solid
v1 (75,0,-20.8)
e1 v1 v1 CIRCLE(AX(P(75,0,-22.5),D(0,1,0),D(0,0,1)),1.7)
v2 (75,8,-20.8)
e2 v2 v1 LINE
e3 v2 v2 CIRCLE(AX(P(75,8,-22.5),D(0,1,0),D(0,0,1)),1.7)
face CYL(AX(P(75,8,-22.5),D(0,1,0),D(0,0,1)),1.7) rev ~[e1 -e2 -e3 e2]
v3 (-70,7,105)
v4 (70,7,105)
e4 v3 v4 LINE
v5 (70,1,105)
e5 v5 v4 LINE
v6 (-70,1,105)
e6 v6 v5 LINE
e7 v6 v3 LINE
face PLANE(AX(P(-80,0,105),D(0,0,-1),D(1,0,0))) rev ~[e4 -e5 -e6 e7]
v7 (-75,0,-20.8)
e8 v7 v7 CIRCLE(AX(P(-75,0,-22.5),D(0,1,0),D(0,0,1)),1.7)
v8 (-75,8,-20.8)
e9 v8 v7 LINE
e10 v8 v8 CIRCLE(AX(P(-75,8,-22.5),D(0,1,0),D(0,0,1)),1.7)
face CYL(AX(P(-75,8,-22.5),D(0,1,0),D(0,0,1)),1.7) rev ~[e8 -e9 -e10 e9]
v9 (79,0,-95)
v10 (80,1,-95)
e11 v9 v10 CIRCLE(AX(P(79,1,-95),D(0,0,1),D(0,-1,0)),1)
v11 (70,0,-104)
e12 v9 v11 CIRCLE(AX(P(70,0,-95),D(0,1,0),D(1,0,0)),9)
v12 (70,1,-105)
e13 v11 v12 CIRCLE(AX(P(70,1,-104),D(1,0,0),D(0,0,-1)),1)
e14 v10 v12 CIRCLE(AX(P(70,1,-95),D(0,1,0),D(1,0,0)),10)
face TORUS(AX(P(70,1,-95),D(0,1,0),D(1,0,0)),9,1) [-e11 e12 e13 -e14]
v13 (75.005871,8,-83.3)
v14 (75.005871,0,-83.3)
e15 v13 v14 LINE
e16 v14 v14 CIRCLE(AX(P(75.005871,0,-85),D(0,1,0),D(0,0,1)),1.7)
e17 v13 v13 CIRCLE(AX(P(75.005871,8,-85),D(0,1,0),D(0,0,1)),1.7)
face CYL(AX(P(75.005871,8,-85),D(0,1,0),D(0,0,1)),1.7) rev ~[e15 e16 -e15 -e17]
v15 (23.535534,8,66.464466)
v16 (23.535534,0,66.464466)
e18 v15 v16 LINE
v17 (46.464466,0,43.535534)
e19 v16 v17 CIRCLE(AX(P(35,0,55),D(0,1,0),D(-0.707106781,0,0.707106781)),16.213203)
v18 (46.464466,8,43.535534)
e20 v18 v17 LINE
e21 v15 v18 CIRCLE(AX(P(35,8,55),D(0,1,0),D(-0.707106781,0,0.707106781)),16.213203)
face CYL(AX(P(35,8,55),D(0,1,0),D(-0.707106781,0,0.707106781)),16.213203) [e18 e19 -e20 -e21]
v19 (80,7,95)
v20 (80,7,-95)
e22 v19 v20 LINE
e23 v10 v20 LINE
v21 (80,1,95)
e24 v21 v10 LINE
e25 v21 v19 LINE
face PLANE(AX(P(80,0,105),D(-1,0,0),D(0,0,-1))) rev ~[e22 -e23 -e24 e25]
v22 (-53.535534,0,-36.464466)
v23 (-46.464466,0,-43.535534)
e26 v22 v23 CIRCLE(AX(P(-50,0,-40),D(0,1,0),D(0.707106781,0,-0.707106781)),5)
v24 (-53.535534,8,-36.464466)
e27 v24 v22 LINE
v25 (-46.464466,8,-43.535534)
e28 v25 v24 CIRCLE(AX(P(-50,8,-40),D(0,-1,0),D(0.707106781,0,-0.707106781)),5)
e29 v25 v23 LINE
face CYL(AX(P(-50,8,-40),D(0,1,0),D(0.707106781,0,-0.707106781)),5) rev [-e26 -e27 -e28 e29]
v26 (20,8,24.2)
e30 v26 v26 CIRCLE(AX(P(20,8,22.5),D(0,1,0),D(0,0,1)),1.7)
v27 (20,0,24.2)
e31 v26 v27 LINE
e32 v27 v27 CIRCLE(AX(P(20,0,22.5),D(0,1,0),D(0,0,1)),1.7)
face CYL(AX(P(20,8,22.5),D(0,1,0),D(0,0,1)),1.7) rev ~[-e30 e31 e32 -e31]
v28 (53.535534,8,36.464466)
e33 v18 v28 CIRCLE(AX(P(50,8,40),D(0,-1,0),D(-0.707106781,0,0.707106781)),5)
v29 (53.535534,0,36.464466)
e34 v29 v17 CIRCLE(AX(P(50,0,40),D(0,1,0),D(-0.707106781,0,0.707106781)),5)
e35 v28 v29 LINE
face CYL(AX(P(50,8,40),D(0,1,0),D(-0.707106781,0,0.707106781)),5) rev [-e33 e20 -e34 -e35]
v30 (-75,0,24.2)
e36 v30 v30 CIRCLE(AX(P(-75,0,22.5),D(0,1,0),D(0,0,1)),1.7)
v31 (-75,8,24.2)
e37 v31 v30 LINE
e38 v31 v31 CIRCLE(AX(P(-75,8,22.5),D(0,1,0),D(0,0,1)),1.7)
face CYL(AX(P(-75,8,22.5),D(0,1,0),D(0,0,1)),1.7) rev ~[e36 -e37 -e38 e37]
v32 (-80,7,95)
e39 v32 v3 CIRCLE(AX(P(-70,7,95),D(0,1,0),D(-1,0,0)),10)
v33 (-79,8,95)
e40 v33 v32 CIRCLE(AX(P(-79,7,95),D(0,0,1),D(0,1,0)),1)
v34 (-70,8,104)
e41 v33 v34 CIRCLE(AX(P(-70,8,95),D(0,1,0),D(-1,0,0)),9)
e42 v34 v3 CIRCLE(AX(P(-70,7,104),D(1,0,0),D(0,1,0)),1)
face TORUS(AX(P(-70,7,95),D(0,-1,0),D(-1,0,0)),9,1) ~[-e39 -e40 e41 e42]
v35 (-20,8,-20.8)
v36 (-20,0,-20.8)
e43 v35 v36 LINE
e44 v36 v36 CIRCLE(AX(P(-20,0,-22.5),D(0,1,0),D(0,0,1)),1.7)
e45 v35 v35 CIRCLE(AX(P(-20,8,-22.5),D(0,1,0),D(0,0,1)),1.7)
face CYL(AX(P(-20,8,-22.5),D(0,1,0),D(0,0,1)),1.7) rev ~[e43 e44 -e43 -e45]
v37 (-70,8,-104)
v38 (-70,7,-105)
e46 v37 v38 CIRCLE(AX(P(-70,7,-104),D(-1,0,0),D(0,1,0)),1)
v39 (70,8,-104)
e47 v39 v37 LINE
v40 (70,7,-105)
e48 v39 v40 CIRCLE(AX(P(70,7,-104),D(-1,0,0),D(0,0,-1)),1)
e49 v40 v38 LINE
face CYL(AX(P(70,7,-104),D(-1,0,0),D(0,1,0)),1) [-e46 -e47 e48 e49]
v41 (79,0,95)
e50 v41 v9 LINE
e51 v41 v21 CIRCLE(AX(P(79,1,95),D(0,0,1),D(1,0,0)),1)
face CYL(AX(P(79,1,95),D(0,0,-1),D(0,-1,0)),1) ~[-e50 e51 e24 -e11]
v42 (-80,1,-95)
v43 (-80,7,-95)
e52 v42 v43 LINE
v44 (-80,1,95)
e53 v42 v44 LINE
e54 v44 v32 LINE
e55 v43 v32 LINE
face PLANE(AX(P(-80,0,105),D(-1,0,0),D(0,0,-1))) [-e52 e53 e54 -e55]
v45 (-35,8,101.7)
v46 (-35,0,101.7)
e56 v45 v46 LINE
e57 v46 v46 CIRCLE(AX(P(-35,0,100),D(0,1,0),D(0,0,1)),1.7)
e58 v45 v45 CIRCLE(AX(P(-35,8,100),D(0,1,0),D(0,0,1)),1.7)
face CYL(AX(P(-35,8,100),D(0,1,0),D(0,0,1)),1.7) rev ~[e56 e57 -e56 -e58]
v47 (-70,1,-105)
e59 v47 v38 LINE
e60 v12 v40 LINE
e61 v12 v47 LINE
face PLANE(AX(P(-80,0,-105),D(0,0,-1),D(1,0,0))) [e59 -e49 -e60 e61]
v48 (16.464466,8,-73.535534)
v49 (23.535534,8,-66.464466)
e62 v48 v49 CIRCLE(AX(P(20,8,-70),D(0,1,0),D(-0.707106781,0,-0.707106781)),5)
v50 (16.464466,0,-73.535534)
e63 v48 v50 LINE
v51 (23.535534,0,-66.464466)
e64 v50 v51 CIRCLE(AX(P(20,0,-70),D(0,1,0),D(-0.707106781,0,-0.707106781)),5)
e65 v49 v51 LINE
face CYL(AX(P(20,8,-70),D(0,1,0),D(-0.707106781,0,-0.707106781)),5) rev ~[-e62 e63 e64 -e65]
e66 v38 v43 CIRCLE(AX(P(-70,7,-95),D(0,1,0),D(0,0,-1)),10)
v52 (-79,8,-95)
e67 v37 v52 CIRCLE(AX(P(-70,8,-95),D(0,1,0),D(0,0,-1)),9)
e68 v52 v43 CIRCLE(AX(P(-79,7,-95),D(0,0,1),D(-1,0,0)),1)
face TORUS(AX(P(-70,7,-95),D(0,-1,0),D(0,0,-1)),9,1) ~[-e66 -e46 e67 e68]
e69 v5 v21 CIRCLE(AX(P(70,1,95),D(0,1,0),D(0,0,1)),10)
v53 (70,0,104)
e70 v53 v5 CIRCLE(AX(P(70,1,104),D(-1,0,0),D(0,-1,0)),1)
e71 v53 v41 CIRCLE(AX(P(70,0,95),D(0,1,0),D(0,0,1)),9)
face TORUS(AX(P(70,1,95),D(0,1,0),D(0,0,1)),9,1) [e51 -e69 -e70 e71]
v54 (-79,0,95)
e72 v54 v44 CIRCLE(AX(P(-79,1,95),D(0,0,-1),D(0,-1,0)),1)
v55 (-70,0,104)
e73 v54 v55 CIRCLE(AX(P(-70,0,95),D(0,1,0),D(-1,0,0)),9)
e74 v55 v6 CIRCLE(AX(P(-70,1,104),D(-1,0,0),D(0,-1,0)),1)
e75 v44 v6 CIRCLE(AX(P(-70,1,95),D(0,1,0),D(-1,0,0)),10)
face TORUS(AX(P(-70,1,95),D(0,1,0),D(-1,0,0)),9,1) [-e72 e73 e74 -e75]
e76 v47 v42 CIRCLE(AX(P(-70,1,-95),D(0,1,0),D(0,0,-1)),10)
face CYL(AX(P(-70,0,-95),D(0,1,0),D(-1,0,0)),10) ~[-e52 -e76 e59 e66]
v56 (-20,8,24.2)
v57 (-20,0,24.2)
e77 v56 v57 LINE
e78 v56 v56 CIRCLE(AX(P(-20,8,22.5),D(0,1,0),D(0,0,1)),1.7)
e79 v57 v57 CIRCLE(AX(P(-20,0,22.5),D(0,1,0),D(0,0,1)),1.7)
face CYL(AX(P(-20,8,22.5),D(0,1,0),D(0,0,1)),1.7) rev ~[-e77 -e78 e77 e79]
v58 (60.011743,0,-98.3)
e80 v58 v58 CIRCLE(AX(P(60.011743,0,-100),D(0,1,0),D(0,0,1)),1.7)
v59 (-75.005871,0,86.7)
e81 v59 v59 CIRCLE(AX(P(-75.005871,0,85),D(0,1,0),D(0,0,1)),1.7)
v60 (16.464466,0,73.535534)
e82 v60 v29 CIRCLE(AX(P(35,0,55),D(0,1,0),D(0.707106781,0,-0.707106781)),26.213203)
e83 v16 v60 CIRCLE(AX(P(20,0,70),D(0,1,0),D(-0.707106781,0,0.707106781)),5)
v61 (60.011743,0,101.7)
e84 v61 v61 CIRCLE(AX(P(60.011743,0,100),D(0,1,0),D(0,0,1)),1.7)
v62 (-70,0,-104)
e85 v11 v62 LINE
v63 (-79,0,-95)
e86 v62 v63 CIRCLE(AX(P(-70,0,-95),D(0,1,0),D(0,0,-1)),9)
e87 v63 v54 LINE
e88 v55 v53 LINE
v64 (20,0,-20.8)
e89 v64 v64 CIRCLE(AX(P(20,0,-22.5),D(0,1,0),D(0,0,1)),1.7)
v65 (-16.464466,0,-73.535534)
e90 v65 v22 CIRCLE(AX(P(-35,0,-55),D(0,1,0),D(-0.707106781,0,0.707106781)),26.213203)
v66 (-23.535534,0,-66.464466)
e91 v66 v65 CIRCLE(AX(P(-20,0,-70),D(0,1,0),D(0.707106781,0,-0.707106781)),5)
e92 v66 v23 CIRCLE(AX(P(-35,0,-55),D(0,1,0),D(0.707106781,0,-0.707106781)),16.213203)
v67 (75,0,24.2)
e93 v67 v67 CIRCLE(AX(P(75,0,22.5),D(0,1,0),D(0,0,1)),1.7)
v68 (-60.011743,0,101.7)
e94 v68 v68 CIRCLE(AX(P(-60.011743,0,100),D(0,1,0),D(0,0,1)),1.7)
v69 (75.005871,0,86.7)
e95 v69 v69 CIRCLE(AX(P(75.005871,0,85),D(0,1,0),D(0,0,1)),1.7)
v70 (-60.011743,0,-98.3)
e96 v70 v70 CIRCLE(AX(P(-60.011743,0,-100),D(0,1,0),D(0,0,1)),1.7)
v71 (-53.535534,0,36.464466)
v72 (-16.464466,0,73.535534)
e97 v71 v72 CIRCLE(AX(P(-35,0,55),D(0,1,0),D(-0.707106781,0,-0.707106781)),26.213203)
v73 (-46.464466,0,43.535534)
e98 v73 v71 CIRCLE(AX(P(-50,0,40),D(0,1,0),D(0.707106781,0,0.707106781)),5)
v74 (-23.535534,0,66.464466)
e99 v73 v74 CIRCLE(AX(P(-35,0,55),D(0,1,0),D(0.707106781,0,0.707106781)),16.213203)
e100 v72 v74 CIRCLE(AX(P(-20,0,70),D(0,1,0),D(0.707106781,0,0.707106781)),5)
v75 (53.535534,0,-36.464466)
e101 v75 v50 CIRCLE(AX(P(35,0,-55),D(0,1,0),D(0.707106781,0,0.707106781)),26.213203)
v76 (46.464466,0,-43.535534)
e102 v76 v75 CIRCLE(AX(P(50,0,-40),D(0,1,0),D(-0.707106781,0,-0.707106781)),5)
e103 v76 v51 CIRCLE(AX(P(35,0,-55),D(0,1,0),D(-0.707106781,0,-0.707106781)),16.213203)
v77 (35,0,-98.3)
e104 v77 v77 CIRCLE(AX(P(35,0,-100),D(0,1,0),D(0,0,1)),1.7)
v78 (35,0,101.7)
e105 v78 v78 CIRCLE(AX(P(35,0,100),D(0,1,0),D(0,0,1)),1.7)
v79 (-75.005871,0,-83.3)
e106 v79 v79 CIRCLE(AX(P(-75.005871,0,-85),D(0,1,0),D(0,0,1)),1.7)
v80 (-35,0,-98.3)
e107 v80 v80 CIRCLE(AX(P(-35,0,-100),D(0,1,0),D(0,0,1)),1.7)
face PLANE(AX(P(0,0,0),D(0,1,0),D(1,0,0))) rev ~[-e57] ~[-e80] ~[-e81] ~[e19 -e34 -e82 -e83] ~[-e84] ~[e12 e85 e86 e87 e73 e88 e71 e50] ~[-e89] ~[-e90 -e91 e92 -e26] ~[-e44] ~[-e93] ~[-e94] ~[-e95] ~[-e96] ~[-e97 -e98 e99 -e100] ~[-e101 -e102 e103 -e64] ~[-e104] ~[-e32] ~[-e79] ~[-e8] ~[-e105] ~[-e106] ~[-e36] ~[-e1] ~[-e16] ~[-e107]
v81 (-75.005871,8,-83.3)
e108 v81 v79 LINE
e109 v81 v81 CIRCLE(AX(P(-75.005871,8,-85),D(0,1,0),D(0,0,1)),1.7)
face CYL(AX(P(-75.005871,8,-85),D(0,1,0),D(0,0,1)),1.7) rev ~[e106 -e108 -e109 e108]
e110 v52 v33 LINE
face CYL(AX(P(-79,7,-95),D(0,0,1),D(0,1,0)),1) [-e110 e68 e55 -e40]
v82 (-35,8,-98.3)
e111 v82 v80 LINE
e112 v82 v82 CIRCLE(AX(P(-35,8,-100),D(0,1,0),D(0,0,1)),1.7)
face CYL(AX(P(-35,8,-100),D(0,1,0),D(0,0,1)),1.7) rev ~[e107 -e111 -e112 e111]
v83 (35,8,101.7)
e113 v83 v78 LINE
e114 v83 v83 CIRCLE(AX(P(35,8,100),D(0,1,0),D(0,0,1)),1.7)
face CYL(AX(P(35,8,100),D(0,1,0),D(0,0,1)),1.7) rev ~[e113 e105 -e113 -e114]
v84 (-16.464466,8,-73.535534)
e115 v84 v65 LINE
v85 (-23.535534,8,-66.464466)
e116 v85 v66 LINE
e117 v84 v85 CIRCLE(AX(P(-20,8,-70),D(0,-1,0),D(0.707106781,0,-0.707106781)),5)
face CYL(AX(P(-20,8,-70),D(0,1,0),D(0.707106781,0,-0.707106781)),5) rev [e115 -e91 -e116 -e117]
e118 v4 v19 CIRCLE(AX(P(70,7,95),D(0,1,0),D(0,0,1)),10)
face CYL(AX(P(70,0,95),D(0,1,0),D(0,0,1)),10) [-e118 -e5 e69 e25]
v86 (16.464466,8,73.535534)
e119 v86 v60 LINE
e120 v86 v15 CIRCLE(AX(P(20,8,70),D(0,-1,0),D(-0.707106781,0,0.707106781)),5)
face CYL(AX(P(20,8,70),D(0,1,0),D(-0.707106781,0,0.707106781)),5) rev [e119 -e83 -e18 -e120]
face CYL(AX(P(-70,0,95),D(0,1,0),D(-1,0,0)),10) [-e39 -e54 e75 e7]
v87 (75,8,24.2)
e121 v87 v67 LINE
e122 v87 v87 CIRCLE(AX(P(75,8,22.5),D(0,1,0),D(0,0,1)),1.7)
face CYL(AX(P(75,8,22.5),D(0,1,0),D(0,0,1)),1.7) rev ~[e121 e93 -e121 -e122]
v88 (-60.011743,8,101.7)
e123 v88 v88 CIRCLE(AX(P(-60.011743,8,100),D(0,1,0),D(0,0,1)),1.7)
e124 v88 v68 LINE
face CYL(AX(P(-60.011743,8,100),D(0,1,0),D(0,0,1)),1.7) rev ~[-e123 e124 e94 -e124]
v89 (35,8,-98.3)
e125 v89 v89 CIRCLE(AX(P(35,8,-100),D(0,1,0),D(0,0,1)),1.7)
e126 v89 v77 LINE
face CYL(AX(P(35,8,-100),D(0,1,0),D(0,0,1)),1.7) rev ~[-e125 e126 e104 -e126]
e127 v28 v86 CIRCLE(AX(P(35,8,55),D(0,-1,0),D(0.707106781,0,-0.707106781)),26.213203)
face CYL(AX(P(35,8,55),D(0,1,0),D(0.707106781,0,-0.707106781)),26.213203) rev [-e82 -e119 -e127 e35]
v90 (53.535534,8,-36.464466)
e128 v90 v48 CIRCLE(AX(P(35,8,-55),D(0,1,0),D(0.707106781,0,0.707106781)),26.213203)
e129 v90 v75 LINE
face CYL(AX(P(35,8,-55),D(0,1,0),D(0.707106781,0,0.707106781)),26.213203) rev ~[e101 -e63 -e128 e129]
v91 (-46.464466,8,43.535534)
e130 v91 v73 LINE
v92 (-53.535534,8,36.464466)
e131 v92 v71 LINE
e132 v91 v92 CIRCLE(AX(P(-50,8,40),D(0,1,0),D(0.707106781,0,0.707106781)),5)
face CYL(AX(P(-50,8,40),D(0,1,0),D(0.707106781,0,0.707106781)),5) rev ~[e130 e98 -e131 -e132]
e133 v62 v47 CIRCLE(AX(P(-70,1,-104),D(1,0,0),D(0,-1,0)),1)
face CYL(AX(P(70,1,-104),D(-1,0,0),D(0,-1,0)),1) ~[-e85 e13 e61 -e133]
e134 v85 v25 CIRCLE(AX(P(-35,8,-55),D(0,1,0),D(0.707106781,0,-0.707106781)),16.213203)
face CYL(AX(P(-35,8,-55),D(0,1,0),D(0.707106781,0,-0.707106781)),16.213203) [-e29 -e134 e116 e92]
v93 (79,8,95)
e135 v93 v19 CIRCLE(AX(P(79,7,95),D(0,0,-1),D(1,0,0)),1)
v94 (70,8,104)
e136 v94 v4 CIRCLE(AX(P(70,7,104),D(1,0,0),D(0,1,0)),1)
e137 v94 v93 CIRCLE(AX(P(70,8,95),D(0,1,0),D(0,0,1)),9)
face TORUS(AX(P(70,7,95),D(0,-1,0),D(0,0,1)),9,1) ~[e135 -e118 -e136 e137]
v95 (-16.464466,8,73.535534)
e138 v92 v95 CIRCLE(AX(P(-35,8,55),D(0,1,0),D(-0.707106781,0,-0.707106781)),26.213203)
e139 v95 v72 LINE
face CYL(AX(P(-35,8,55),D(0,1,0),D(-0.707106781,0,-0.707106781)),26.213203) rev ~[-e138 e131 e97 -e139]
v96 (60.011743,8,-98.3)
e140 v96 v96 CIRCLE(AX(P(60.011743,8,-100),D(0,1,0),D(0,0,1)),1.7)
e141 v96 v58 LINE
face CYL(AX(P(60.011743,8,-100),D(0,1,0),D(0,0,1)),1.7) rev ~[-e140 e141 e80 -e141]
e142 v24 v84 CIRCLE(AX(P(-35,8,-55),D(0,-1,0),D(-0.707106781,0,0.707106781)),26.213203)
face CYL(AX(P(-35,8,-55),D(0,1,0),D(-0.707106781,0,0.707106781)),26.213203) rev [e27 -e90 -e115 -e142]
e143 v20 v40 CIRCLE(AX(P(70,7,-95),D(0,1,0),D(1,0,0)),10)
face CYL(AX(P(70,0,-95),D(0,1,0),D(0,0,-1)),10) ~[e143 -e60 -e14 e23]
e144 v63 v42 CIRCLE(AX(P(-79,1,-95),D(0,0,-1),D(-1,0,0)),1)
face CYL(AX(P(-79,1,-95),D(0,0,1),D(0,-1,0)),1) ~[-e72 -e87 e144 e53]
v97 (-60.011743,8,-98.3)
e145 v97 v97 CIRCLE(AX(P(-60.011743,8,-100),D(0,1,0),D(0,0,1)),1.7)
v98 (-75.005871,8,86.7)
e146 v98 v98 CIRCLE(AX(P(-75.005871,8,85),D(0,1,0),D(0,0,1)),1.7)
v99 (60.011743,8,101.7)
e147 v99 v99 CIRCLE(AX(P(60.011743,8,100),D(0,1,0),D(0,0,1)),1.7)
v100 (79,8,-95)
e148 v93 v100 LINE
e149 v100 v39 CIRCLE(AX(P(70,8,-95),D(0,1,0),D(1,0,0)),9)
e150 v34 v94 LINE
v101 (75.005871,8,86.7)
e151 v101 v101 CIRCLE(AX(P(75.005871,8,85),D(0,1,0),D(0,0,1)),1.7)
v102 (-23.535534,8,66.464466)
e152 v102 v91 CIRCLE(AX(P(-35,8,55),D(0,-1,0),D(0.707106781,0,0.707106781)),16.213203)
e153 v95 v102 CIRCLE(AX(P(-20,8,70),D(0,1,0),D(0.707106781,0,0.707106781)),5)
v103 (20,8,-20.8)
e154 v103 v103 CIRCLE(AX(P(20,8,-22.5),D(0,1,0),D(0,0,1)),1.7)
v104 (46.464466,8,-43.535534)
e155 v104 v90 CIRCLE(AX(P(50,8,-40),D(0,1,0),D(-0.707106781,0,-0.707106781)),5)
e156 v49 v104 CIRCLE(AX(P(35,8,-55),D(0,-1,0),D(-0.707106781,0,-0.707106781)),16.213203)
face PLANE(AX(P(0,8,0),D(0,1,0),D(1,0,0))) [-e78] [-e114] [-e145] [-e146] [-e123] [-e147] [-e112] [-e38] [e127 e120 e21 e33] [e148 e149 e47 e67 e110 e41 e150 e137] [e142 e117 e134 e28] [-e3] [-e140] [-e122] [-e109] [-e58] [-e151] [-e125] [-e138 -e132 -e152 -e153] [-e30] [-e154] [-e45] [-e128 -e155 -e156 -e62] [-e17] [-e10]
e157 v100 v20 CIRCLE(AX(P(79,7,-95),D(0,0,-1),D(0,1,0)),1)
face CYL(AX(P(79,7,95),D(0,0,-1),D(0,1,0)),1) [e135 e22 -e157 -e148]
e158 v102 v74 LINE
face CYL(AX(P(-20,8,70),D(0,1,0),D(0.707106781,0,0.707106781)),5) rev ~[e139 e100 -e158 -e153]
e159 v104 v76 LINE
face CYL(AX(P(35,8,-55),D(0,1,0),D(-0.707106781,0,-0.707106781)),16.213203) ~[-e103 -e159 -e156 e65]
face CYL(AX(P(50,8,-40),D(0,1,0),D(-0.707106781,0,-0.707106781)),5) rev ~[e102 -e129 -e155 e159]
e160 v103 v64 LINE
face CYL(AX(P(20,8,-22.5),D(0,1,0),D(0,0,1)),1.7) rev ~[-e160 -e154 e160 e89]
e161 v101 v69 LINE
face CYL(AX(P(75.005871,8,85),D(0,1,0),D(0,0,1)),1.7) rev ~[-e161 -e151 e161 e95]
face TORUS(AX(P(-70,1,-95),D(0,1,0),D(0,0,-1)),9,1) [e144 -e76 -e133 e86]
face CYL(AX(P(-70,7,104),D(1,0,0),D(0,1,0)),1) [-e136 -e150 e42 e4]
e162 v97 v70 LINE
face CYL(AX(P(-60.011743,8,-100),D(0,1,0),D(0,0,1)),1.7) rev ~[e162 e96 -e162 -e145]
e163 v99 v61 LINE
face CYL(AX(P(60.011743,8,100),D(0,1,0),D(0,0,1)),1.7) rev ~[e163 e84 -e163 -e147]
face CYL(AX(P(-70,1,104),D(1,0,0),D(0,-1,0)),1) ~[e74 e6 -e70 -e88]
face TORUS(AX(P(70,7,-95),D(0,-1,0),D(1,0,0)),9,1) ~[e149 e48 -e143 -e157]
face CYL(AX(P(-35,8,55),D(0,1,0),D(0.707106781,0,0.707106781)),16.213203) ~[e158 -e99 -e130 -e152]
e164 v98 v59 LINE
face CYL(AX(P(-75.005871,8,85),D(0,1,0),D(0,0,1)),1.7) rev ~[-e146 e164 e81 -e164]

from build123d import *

# Parameters (mm, degrees)
SKETCH1_W           = 160
SKETCH1_H           = 210
BOSS_EXTRUDE1_DEPTH = 8
SKETCH2_R           = 1.7
CUT_EXTRUDE1_DEPTH  = 37
FILLET1_R           = 10
SKETCH3_R           = 1.7
CUT_EXTRUDE2_DEPTH  = 480
SKETCH4_R           = 1.7
CUT_EXTRUDE3_DEPTH  = 480
SKETCH5_R           = 1.7
CUT_EXTRUDE4_DEPTH  = 480
FILLET2_R           = 1
CUT_EXTRUDE5_DEPTH  = 63


with BuildPart() as part:
    # Sketch1 → Boss-Extrude1 (new body)
    with BuildSketch(Plane(origin=(0, 0, 0), x_dir=(1, 0, 0), z_dir=(0, 1, 0))):
        Rectangle(SKETCH1_W, SKETCH1_H)
    extrude(amount=BOSS_EXTRUDE1_DEPTH)

    # Sketch2 → Cut-Extrude1 (cut)
    with BuildSketch(Plane(origin=(0, 8, 0), x_dir=(1, 0, 0), z_dir=(0, 1, 0))):
        with Locations(Location((-75, 22.5, 0), (0, 0, 270))):
            Circle(SKETCH2_R)
        with Locations(Location((-75, -22.5, 0), (0, 0, 270))):
            Circle(SKETCH2_R)
        with Locations(Location((75, 22.5, 0), (0, 0, 270))):
            Circle(SKETCH2_R)
        with Locations(Location((75, -22.5, 0), (0, 0, 270))):
            Circle(SKETCH2_R)
    extrude(amount=-CUT_EXTRUDE1_DEPTH, mode=Mode.SUBTRACT)

    # Fillet1
    fillet1_edges = [part.edges().sort_by_distance(p)[0] for p in [
        (80, 4, 105),
        (-80, 4, 105),
        (-80, 4, -105),
        (80, 4, -105),
    ]]
    fillet(fillet1_edges, radius=FILLET1_R)

    # Sketch3 → Cut-Extrude2 (cut)
    with BuildSketch(Plane(origin=(0, 8, 0), x_dir=(1, 0, 0), z_dir=(0, 1, 0))):
        with Locations(Location((-20, 22.5, 0), (0, 0, 270))):
            Circle(SKETCH3_R)
        with Locations(Location((-20, -22.5, 0), (0, 0, 270))):
            Circle(SKETCH3_R)
        with Locations(Location((20, -22.5, 0), (0, 0, 270))):
            Circle(SKETCH3_R)
        with Locations(Location((20, 22.5, 0), (0, 0, 270))):
            Circle(SKETCH3_R)
    extrude(amount=-CUT_EXTRUDE2_DEPTH, mode=Mode.SUBTRACT)

    # Sketch4 → Cut-Extrude3 (cut)
    with BuildSketch(Plane(origin=(0, 8, 0), x_dir=(1, 0, 0), z_dir=(0, 1, 0))):
        with Locations(Location((-75.005871396, 85, 0), (0, 0, 270))):
            Circle(SKETCH4_R)
        with Locations(Location((-60.011742792, 100, 0), (0, 0, 270))):
            Circle(SKETCH4_R)
        with Locations(Location((-75.005871396, -85, 0), (0, 0, 270))):
            Circle(SKETCH4_R)
        with Locations(Location((-60.011742792, -100, 0), (0, 0, 270))):
            Circle(SKETCH4_R)
        with Locations(Location((60.011742792, -100, 0), (0, 0, 270))):
            Circle(SKETCH4_R)
        with Locations(Location((75.005871396, -85, 0), (0, 0, 270))):
            Circle(SKETCH4_R)
        with Locations(Location((75.005871396, 85, 0), (0, 0, 270))):
            Circle(SKETCH4_R)
        with Locations(Location((60.011742792, 100, 0), (0, 0, 270))):
            Circle(SKETCH4_R)
    extrude(amount=-CUT_EXTRUDE3_DEPTH, mode=Mode.SUBTRACT)

    # Sketch5 → Cut-Extrude4 (cut)
    with BuildSketch(Plane(origin=(0, 8, 0), x_dir=(1, 0, 0), z_dir=(0, 1, 0))):
        with Locations(Location((35, -100, 0), (0, 0, 270))):
            Circle(SKETCH5_R)
        with Locations(Location((-35, -100, 0), (0, 0, 270))):
            Circle(SKETCH5_R)
        with Locations(Location((35, 100, 0), (0, 0, 270))):
            Circle(SKETCH5_R)
        with Locations(Location((-35, 100, 0), (0, 0, 270))):
            Circle(SKETCH5_R)
    extrude(amount=-CUT_EXTRUDE4_DEPTH, mode=Mode.SUBTRACT)

    # Fillet2
    fillet2_edges = [part.edges().sort_by_distance(p)[0] for p in [
        (0, 0, 105),
        (0, 8, 105),
        (80, 0, 0),
        (-80, 0, 0),
        (0, 0, -105),
        (-77.071067812, 0, -102.071067812),
        (77.071067812, 0, -102.071067812),
        (77.071067812, 0, 102.071067812),
        (-77.071067812, 0, 102.071067812),
        (-80, 8, 0),
        (80, 8, 0),
        (0, 8, -105),
        (-77.071067812, 8, -102.071067812),
        (77.071067812, 8, -102.071067812),
        (77.071067812, 8, 102.071067812),
        (-77.071067812, 8, 102.071067812),
    ]]
    fillet(fillet2_edges, radius=FILLET2_R)

    # Sketch6 → Cut-Extrude5 (cut)
    with BuildSketch(Plane(origin=(0, 8, 0), x_dir=(1, 0, 0), z_dir=(0, 1, 0))):
        with BuildLine():
            ThreePointArc((53.535533906, 36.464466094), (53.535533906, 73.535533906), (16.464466094, 73.535533906))
            ThreePointArc((16.464466094, 73.535533906), (16.464466094, 66.464466094), (23.535533906, 66.464466094))
            ThreePointArc((23.535533906, 66.464466094), (46.464466094, 66.464466094), (46.464466094, 43.535533906))
            ThreePointArc((46.464466094, 43.535533906), (46.464466094, 36.464466094), (53.535533906, 36.464466094))
        make_face()
        with BuildLine():
            ThreePointArc((-53.535533906, 36.464466094), (-53.535533906, 73.535533906), (-16.464466094, 73.535533906))
            ThreePointArc((-16.464466094, 73.535533906), (-16.464466094, 66.464466094), (-23.535533906, 66.464466094))
            ThreePointArc((-23.535533906, 66.464466094), (-46.464466094, 66.464466094), (-46.464466094, 43.535533906))
            ThreePointArc((-46.464466094, 43.535533906), (-46.464466094, 36.464466094), (-53.535533906, 36.464466094))
        make_face()
        with BuildLine():
            ThreePointArc((53.535533906, -36.464466094), (53.535533906, -73.535533906), (16.464466094, -73.535533906))
            ThreePointArc((16.464466094, -73.535533906), (16.464466094, -66.464466094), (23.535533906, -66.464466094))
            ThreePointArc((23.535533906, -66.464466094), (46.464466094, -66.464466094), (46.464466094, -43.535533906))
            ThreePointArc((46.464466094, -43.535533906), (46.464466094, -36.464466094), (53.535533906, -36.464466094))
        make_face()
        with BuildLine():
            ThreePointArc((-53.535533906, -36.464466094), (-53.535533906, -73.535533906), (-16.464466094, -73.535533906))
            ThreePointArc((-16.464466094, -73.535533906), (-16.464466094, -66.464466094), (-23.535533906, -66.464466094))
            ThreePointArc((-23.535533906, -66.464466094), (-46.464466094, -66.464466094), (-46.464466094, -43.535533906))
            ThreePointArc((-46.464466094, -43.535533906), (-46.464466094, -36.464466094), (-53.535533906, -36.464466094))
        make_face()
    extrude(amount=-CUT_EXTRUDE5_DEPTH, mode=Mode.SUBTRACT)


solid = part.part
